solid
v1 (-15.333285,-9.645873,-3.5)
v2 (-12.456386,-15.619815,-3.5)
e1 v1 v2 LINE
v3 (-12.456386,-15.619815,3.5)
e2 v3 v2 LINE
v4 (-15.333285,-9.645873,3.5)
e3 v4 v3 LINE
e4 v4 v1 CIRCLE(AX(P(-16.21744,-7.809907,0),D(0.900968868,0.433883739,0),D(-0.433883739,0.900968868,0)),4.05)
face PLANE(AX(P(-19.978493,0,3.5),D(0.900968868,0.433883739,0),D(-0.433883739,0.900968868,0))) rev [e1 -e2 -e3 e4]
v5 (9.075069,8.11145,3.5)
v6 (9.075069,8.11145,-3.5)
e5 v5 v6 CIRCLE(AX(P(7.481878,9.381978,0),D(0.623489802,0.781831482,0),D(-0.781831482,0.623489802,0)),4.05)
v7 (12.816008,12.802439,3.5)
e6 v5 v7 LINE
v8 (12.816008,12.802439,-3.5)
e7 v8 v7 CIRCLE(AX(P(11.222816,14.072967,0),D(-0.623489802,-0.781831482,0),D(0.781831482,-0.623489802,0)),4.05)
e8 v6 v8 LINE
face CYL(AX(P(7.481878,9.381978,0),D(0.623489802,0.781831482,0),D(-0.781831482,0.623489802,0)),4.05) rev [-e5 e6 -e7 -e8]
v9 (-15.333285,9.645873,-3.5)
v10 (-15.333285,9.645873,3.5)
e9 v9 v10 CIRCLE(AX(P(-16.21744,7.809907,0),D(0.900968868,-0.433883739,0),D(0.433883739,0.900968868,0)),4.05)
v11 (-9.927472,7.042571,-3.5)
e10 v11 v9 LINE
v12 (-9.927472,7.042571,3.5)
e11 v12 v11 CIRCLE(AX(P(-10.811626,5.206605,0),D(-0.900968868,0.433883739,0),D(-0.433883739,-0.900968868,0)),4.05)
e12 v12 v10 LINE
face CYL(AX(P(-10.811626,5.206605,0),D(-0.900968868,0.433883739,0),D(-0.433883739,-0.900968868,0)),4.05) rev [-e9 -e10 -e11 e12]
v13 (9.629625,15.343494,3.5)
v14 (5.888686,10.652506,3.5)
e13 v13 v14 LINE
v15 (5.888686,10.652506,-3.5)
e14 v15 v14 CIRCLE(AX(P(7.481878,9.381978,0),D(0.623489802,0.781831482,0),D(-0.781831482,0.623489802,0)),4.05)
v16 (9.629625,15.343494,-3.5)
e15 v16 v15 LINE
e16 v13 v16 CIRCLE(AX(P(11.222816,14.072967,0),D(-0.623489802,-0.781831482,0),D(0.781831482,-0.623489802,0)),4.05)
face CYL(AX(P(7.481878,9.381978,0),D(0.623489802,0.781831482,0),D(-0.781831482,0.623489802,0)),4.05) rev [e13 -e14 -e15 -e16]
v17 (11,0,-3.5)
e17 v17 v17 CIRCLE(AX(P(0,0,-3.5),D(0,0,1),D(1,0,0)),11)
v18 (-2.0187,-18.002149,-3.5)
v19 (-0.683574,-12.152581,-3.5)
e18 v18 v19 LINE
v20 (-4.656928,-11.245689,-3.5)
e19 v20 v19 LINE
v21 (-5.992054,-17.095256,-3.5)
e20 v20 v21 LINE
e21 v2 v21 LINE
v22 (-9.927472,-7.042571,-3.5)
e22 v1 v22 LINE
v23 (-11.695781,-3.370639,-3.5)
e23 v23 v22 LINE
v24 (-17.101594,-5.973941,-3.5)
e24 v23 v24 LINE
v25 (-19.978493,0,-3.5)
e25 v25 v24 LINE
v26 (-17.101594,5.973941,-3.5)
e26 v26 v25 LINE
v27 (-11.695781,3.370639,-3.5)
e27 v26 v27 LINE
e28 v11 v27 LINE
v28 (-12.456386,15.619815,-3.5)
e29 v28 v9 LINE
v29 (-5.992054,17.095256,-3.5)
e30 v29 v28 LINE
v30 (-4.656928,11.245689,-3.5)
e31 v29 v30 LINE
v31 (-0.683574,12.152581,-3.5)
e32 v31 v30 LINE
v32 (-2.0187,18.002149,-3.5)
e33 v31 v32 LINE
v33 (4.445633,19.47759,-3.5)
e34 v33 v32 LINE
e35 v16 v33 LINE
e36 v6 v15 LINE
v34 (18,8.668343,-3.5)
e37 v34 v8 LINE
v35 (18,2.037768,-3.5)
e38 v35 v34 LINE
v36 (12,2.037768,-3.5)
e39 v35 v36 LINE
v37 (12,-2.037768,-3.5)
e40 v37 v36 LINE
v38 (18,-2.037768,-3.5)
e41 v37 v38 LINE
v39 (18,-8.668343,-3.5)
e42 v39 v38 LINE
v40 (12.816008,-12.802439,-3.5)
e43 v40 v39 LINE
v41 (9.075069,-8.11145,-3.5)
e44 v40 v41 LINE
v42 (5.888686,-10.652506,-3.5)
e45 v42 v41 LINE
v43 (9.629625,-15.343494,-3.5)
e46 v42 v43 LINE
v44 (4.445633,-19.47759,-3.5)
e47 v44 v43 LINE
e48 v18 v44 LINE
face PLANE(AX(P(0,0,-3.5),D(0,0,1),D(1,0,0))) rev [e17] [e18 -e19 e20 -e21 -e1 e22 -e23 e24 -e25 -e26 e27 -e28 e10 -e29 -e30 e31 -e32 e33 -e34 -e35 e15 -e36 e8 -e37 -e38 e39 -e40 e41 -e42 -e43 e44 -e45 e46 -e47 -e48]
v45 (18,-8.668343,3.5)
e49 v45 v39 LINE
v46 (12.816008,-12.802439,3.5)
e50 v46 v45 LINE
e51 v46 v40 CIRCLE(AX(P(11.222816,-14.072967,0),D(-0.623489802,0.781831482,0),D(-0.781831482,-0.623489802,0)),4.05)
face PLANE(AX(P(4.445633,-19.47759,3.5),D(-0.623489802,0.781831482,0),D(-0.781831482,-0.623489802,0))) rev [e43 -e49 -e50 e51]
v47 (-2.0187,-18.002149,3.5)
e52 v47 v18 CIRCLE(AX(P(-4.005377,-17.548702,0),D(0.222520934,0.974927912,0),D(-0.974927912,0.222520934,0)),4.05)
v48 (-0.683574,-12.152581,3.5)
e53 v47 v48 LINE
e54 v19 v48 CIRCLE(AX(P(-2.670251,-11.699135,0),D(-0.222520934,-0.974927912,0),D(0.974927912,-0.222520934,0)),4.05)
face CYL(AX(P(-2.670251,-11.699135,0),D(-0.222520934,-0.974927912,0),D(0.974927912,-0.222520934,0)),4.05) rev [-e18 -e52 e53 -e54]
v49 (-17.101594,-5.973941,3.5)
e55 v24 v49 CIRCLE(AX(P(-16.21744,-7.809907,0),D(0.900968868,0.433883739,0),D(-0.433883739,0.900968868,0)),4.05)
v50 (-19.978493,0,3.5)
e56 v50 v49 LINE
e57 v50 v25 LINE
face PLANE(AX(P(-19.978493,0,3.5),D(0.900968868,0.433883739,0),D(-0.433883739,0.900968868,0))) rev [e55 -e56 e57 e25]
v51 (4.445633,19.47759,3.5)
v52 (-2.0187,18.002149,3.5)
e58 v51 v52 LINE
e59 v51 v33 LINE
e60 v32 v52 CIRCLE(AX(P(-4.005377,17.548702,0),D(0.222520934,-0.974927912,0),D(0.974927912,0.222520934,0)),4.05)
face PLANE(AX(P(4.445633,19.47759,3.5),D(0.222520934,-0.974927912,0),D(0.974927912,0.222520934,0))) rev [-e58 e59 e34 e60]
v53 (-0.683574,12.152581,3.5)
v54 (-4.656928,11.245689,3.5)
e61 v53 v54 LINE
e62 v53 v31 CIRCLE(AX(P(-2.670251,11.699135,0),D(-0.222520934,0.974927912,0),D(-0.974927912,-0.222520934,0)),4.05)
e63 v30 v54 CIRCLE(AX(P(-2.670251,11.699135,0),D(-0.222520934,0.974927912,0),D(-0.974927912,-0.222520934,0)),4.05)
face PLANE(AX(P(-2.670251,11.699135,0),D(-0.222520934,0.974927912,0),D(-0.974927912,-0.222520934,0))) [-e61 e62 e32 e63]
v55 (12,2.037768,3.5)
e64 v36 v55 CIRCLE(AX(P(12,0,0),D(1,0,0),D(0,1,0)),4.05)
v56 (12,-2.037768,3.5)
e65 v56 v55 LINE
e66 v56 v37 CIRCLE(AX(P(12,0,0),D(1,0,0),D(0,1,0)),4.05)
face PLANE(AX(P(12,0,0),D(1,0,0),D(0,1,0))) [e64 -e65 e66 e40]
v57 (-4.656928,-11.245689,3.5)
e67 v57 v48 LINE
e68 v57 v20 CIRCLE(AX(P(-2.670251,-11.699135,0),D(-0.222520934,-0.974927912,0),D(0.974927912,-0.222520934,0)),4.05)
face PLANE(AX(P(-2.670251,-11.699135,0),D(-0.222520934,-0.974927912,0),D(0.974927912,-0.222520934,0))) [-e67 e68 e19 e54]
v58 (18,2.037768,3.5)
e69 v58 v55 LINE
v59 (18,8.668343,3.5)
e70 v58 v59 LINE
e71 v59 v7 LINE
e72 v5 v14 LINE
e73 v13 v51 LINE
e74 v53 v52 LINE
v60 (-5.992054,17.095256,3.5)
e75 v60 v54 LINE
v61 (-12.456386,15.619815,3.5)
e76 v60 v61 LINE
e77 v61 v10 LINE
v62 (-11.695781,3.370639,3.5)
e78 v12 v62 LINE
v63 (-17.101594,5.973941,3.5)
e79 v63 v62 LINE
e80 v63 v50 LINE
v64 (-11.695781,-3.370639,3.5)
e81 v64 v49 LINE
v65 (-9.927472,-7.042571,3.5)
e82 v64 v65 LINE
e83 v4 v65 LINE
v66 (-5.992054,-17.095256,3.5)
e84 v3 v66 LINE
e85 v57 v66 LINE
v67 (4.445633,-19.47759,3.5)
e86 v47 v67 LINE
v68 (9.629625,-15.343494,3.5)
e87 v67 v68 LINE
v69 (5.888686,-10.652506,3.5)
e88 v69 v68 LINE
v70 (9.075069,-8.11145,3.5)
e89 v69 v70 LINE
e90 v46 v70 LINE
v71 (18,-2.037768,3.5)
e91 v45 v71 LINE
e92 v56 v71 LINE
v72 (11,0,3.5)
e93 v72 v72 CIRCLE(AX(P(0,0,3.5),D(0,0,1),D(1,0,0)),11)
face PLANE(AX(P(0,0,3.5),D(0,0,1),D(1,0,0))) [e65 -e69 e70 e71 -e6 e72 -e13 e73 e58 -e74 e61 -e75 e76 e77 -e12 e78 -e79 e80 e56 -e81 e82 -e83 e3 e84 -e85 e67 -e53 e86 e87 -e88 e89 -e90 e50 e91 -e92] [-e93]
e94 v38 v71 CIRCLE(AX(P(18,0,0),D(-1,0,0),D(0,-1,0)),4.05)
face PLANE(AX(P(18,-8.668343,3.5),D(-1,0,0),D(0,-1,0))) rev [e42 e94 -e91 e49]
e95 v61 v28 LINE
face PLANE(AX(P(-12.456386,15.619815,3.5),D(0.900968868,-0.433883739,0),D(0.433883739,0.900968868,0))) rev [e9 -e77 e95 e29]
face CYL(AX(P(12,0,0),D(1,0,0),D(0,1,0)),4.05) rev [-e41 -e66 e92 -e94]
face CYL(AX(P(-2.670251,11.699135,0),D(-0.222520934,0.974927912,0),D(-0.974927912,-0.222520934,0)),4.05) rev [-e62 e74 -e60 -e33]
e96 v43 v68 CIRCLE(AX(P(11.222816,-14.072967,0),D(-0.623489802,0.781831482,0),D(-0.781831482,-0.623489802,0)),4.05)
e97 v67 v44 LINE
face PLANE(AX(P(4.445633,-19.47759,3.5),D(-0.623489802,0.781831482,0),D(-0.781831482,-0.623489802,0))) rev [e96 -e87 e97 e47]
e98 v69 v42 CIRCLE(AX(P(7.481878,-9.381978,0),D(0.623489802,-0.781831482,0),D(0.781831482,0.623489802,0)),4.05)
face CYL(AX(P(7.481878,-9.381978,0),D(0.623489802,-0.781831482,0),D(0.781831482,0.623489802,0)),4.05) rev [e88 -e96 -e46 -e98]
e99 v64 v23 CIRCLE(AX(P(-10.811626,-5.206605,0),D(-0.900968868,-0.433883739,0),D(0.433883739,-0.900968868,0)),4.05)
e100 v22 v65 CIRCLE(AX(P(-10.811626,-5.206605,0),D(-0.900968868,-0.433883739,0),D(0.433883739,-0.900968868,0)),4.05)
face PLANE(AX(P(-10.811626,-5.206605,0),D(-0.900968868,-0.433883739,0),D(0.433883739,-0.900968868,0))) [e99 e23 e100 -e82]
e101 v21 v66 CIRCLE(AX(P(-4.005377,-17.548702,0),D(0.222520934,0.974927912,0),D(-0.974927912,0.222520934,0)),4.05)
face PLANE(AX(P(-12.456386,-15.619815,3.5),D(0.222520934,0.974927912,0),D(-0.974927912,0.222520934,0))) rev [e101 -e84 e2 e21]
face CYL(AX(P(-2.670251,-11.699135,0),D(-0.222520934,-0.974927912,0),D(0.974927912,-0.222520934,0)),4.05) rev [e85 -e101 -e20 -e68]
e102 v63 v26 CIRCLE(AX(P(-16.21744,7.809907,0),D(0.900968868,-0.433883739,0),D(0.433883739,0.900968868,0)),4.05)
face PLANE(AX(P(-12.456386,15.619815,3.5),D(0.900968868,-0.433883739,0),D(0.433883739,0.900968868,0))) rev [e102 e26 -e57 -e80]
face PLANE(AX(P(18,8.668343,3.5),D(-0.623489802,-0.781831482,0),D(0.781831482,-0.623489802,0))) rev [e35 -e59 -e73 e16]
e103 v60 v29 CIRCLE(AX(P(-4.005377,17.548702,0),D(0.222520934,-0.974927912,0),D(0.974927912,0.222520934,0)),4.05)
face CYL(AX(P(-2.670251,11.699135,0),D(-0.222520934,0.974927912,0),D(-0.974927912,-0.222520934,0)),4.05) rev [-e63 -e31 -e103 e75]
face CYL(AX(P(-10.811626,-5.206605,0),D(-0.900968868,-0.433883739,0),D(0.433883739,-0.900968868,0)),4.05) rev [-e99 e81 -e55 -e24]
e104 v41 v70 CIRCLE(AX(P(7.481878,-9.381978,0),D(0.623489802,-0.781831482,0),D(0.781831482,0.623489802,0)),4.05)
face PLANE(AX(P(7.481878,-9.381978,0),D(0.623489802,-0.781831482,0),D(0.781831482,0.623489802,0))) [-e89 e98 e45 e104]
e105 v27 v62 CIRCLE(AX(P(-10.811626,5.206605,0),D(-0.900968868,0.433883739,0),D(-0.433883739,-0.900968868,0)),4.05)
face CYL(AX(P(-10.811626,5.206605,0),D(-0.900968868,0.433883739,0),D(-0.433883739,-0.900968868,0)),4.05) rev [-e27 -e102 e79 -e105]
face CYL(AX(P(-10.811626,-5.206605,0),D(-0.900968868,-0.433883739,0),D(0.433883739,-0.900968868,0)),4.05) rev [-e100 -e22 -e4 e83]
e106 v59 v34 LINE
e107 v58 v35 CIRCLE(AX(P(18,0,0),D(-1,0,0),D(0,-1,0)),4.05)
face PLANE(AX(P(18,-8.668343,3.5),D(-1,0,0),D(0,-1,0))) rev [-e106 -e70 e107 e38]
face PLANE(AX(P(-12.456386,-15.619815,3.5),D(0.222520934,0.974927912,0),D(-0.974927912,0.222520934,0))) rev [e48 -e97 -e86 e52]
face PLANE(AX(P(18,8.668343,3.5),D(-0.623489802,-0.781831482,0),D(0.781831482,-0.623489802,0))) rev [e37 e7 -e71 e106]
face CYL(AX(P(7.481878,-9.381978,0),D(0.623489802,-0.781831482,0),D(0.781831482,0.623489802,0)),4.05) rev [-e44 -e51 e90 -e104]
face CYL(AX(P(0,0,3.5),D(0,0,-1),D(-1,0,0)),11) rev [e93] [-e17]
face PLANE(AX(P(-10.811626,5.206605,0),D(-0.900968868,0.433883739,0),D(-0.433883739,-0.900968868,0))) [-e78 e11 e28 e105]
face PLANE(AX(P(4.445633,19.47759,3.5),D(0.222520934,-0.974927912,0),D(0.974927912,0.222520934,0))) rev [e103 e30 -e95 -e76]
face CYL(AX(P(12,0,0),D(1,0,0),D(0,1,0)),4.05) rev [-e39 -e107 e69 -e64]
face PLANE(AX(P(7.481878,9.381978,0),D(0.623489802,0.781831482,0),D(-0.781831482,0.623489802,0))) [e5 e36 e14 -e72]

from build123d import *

# Parameters (mm, degrees)
SKETCH1_R           = 11
BOSS_EXTRUDE1_DEPTH = 3.5
SKETCH2_R           = 4.05
CUT_EXTRUDE3_DEPTH  = 6
CIRPATTERN1_COUNT   = 7


with BuildPart() as part:
    # Sketch1 → Boss-Extrude1 (new, symmetric)
    with BuildSketch(Plane.XY):
        Polygon((-19.978492755, 0), (-12.456386489, -15.619814608), (4.445632867, -19.47759023), (18, -8.668343139), (18, 8.668343139), (4.445632867, 19.47759023), (-12.456386489, 15.619814608), align=None)
        Circle(SKETCH1_R, mode=Mode.SUBTRACT)
    extrude(amount=BOSS_EXTRUDE1_DEPTH, both=True)

    # Sketch2 → Cut-Extrude3 (cut)
    with BuildSketch(Plane(origin=(0.058998969, -18.476369669, 0), x_dir=(-0.9749279121818237, 0.22252093395631425, 0), z_dir=(-0.22252093395631425, -0.9749279121818237, 0))):
        with Locations((4.168898776, 0)):
            Circle(SKETCH2_R)
    cut_extrude3 = extrude(amount=-CUT_EXTRUDE3_DEPTH, mode=Mode.SUBTRACT)

    # CirPattern1: Cut-Extrude3 ×7 about axis
    cirpattern1_axis = Axis((0, 0, 3.5), (0, 0, 1))
    for i in range(1, CIRPATTERN1_COUNT):
        add(cut_extrude3.rotate(cirpattern1_axis, i * 360 / CIRPATTERN1_COUNT), mode=Mode.SUBTRACT)


solid = part.part
